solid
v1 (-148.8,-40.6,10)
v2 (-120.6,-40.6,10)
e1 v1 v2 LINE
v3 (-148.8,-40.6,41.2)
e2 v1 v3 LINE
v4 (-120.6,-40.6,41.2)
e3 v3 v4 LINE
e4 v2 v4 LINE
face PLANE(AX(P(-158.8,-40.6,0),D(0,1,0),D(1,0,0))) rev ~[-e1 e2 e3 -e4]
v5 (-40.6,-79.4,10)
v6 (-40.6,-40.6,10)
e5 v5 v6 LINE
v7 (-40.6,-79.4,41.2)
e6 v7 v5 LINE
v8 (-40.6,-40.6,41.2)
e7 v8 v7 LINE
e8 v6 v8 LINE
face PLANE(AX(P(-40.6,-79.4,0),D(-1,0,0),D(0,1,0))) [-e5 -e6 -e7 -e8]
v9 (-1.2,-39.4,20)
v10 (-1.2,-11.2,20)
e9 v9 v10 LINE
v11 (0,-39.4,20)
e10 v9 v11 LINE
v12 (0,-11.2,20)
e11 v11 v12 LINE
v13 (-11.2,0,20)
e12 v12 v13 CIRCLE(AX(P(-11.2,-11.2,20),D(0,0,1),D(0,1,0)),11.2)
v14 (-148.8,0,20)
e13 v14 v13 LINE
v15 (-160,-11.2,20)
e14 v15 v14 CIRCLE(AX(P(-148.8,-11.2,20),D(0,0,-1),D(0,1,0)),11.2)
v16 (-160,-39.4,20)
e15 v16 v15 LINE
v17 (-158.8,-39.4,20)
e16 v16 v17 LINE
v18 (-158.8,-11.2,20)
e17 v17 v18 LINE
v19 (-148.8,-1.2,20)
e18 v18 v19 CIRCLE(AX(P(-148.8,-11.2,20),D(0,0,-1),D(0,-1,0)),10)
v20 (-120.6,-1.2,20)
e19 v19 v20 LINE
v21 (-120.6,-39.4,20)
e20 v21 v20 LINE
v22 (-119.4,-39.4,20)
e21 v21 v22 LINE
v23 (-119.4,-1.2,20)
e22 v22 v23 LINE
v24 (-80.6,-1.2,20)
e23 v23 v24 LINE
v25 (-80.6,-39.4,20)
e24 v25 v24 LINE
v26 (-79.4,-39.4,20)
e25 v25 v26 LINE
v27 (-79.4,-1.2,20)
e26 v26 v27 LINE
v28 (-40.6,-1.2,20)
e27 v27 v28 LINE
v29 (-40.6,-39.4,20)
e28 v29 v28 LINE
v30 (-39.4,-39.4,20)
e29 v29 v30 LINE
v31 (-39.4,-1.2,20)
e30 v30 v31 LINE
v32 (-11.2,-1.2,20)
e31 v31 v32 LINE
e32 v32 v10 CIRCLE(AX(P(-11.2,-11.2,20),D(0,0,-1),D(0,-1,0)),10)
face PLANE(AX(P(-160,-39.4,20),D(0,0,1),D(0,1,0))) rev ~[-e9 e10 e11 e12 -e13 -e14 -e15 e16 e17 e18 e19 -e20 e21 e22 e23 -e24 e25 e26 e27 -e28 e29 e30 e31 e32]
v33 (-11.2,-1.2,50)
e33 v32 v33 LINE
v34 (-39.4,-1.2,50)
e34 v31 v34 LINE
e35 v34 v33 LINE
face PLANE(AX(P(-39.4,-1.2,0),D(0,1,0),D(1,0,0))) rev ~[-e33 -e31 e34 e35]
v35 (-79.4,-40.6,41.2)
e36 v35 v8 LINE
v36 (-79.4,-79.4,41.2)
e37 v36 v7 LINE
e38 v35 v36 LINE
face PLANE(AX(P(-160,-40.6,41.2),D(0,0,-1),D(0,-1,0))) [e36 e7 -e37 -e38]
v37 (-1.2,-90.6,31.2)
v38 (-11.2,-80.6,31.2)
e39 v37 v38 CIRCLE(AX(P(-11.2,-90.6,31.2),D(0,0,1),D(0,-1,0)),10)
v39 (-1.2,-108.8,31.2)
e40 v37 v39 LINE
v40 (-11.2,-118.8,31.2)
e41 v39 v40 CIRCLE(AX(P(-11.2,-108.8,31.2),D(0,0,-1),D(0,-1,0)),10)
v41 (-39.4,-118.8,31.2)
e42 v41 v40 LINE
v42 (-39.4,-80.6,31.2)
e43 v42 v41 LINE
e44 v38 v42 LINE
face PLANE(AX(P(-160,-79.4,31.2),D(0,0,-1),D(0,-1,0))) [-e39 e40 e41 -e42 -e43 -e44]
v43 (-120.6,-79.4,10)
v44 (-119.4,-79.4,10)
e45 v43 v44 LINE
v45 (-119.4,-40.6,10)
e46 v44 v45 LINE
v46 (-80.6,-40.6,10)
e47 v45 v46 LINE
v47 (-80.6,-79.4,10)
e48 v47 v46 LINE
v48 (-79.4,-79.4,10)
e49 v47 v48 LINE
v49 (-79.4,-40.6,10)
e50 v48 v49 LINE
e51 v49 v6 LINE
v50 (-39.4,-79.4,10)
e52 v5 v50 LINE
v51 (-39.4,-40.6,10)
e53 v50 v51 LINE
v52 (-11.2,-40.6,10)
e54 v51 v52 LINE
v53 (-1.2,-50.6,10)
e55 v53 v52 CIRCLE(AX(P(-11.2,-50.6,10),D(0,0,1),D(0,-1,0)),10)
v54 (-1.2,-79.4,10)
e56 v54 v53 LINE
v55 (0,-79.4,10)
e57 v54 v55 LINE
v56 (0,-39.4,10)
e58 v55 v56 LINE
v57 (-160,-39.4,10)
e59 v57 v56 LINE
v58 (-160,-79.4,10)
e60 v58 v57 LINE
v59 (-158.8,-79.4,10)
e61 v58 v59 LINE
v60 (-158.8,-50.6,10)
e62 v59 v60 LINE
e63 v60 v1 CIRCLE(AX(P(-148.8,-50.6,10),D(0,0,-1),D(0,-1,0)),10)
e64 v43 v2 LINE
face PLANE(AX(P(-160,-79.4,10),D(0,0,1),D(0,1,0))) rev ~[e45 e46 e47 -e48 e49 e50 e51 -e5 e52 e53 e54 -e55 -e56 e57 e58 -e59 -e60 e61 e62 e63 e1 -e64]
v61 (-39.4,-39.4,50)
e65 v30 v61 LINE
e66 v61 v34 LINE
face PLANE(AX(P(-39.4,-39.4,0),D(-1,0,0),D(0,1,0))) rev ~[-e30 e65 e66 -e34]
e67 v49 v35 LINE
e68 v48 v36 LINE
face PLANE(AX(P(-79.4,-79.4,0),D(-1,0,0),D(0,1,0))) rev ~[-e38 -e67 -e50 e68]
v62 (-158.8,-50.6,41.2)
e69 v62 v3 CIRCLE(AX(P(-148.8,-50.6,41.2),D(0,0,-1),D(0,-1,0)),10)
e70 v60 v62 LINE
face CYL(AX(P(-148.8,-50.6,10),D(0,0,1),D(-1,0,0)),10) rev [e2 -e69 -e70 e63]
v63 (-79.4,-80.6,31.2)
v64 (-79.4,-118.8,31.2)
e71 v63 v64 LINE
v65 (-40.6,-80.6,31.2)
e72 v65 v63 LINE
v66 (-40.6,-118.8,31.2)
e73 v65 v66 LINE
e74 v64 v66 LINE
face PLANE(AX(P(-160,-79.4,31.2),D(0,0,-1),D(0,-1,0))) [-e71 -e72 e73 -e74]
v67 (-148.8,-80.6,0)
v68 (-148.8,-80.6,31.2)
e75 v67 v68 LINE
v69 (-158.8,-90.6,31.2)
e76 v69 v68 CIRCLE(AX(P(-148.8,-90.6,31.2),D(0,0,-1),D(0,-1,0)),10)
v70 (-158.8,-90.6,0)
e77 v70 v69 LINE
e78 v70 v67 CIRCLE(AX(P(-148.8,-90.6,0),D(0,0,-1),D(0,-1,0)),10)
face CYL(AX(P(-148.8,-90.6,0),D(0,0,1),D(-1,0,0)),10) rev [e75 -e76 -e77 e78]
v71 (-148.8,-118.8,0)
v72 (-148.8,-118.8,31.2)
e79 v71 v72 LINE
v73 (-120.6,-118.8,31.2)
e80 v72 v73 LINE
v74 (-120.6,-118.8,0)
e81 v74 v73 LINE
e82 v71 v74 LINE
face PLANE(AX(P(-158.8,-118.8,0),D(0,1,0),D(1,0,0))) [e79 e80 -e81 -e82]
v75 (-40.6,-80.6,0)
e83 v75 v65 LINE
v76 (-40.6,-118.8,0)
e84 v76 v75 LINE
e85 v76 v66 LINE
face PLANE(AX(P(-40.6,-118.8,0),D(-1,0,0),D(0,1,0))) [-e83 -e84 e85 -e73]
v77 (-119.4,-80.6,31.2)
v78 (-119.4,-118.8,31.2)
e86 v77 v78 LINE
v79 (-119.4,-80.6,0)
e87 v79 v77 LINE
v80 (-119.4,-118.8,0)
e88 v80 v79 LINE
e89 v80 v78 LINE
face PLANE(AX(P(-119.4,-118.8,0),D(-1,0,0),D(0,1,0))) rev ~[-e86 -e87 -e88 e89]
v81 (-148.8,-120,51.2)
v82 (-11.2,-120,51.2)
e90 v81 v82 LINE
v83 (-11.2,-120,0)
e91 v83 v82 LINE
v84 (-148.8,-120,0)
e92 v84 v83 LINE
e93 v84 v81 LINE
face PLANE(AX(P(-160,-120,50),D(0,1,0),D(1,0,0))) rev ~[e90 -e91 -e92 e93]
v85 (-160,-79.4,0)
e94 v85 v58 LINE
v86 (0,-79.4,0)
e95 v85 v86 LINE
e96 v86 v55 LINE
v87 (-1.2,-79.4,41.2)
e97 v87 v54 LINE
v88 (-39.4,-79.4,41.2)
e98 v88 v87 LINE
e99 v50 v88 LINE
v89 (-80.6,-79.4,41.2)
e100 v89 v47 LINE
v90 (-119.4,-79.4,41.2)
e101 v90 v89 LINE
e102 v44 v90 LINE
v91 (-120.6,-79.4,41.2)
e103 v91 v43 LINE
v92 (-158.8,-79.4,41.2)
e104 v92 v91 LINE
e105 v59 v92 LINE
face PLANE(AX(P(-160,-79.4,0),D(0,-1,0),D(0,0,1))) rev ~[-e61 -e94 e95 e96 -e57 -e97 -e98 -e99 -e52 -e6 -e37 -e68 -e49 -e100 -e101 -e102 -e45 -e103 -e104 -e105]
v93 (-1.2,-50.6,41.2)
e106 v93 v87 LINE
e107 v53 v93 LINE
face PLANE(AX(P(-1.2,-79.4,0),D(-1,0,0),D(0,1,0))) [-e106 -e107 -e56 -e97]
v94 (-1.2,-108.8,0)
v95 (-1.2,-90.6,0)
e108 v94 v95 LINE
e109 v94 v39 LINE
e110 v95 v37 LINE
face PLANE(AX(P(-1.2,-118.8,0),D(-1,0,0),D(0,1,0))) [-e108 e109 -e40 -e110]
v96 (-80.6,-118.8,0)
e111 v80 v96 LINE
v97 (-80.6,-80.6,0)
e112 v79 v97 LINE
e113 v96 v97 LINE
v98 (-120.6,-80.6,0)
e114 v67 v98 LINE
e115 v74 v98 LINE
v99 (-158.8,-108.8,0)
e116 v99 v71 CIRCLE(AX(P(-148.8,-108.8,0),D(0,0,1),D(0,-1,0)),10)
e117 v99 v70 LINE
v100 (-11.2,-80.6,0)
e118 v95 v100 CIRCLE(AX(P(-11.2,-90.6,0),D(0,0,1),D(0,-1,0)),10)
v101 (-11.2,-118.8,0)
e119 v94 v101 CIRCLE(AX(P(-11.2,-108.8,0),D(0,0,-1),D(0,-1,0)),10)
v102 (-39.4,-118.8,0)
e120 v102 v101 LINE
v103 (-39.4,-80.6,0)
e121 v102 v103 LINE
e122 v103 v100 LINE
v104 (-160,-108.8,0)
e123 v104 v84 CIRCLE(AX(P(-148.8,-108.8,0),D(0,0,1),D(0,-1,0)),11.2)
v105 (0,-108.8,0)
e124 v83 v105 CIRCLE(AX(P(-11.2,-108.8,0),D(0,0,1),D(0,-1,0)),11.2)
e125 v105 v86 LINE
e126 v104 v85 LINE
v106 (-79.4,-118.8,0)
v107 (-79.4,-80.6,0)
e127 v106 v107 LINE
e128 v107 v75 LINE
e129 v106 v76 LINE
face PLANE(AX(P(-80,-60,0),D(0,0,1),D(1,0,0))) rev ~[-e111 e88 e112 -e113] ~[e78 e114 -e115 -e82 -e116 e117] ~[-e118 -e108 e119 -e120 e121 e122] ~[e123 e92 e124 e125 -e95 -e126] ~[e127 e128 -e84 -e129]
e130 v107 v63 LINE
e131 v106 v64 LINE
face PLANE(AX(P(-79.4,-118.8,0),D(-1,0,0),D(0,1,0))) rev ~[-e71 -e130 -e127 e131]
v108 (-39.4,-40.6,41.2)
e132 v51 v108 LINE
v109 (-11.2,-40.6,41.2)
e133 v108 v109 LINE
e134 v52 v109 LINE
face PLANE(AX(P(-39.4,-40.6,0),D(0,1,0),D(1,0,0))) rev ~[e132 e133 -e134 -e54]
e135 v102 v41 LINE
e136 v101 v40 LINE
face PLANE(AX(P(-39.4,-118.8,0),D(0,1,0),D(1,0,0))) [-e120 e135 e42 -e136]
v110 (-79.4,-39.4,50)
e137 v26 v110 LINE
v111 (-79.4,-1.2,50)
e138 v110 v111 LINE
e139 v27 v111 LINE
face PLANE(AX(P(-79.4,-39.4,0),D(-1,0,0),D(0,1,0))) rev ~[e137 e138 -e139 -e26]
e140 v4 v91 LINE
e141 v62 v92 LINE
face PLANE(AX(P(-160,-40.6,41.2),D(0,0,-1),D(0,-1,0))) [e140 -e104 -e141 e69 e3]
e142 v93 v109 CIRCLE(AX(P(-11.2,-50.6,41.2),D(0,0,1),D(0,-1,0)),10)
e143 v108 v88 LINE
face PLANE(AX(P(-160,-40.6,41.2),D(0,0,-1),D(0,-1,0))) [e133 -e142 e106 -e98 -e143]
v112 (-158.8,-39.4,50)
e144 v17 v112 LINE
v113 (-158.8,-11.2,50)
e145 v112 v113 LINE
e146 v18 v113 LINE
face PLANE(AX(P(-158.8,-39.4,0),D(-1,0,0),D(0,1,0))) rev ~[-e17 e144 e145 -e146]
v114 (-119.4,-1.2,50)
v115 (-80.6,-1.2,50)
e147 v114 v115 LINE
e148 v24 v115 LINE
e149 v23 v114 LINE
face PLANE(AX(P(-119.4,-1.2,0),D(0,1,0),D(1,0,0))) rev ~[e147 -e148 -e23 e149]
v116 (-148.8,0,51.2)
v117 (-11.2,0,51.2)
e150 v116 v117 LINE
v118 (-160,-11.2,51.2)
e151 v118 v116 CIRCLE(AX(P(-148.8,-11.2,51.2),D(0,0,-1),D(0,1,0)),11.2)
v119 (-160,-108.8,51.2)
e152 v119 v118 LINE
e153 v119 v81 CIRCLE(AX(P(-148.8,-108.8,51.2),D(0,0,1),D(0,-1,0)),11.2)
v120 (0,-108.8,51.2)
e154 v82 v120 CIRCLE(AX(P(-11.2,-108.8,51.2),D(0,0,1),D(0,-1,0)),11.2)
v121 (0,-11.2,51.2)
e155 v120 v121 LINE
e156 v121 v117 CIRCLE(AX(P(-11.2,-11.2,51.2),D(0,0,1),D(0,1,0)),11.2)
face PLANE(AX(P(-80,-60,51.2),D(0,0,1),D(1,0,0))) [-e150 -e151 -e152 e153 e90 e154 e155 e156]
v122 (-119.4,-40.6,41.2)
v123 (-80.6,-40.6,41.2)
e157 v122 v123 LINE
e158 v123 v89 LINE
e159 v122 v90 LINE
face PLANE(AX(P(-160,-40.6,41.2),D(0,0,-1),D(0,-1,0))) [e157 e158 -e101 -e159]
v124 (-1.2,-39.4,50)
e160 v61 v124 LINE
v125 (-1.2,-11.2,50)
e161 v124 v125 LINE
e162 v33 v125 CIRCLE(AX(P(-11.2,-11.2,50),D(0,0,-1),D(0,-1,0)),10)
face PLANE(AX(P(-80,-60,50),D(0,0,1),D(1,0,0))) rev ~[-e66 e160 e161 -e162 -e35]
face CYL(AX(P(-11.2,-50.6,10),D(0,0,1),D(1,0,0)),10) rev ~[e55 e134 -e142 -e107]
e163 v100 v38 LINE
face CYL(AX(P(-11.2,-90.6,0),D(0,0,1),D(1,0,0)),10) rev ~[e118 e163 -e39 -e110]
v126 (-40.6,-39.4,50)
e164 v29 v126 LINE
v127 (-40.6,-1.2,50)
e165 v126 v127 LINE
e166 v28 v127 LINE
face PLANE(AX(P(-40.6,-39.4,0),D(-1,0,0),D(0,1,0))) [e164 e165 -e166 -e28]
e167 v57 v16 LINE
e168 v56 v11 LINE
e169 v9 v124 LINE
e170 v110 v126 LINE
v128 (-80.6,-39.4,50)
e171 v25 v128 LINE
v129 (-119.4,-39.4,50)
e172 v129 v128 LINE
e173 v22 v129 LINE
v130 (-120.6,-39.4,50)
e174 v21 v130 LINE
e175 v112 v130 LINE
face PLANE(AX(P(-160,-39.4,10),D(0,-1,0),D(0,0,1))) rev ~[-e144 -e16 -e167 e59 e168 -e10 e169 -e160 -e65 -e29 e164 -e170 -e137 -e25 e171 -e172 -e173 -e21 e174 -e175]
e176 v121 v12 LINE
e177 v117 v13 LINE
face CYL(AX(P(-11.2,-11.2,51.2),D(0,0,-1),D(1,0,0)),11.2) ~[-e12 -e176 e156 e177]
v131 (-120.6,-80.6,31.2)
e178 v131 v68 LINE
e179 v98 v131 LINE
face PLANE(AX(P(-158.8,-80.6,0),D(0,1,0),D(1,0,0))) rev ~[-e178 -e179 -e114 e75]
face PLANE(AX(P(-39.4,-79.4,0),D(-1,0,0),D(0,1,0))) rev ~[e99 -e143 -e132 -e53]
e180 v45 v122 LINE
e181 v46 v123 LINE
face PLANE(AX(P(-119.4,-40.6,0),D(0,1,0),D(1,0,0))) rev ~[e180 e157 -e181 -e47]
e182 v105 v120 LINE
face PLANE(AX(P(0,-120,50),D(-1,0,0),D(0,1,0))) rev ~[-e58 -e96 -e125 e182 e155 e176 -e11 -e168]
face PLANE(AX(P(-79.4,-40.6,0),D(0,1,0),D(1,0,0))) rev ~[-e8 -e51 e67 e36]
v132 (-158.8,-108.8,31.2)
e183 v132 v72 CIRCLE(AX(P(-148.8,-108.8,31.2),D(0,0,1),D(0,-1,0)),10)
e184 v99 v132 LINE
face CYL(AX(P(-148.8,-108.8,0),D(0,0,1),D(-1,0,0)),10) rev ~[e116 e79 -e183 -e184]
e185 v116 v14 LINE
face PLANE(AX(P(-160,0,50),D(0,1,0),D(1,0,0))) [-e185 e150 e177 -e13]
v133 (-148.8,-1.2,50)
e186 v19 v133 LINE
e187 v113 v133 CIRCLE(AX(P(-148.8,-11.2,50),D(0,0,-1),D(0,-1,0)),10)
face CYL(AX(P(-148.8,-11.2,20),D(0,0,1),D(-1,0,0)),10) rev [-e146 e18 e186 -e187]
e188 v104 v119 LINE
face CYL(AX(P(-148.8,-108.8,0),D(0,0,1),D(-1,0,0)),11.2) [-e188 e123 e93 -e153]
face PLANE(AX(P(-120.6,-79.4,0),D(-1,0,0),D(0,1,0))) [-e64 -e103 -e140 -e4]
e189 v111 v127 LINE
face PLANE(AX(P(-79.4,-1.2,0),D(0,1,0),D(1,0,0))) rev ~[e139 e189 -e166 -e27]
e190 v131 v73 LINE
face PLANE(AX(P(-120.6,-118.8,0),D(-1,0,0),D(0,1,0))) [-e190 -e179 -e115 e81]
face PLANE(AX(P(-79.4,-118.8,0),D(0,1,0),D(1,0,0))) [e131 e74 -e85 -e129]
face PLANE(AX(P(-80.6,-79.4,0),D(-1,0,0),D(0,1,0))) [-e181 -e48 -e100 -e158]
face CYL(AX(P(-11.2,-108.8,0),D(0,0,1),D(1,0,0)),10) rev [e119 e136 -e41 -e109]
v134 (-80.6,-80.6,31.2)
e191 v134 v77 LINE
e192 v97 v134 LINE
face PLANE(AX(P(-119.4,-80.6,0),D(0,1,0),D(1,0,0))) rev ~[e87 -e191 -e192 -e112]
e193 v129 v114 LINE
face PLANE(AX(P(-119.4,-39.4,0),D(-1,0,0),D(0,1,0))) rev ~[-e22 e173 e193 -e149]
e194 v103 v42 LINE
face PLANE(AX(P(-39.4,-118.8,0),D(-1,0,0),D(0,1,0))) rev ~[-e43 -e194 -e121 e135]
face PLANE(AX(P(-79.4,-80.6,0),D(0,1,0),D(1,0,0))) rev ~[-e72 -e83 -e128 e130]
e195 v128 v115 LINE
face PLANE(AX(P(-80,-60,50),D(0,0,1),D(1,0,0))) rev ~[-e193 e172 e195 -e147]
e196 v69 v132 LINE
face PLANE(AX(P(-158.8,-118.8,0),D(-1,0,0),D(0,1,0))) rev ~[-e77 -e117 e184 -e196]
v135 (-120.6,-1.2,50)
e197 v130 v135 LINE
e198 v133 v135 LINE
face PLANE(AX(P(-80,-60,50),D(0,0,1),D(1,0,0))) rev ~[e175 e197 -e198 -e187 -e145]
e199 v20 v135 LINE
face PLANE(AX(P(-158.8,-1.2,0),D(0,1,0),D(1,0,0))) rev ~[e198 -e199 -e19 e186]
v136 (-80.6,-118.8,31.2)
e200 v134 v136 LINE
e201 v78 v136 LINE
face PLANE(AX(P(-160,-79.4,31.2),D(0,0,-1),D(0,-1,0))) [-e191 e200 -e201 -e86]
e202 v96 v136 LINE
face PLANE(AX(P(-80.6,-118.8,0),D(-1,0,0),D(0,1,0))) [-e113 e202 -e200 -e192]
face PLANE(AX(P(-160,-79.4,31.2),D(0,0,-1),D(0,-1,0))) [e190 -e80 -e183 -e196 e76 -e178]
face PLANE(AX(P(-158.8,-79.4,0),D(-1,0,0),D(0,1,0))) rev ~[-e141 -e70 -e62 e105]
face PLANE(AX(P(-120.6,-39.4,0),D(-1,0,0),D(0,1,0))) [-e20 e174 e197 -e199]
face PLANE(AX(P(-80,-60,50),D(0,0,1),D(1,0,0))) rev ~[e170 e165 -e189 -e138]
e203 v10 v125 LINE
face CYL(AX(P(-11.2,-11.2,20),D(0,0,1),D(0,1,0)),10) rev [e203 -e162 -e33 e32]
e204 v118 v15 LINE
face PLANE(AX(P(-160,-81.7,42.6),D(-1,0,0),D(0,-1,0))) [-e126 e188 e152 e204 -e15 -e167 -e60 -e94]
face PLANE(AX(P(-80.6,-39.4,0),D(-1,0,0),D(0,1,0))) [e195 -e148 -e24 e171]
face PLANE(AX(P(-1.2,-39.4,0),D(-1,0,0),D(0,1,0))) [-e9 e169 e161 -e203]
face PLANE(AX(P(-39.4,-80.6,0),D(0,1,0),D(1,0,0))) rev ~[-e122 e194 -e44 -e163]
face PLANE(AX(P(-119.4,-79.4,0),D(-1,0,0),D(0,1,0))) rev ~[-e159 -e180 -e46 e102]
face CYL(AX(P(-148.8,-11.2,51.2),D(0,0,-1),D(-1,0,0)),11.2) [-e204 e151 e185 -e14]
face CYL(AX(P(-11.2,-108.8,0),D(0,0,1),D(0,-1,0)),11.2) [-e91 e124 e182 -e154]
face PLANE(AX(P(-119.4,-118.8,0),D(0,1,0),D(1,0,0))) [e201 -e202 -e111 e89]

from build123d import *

# Parameters (mm, degrees)
F0_W     = 160
F0_H     = 120
F0_W_2   = 38.2
F0_H_2   = 38.2
F0_W_3   = 38.8
F0_H_3   = 38.8
F1_DEPTH = 50
F2_W     = 160
F2_H     = 120
F3_DEPTH = 1.2
F5_DEPTH = 160.001
F7_DEPTH = 158.8
F8_R     = 10
F9_R     = 11.2
F10_R    = 10


with BuildPart() as f1:
    # F0 (on Top) → F1 (new body)
    with BuildSketch(Plane.XY):
        with Locations((-80, -60)):
            Rectangle(F0_W, F0_H)
        with Locations((-139.7, -99.7)):
            Rectangle(F0_W_2, F0_H_2, mode=Mode.SUBTRACT)
        with Locations((-100, -99.7)):
            Rectangle(F0_W_3, F0_H_2, mode=Mode.SUBTRACT)
        with Locations((-60, -99.7)):
            Rectangle(F0_W_3, F0_H_2, mode=Mode.SUBTRACT)
        with Locations((-20.3, -99.7)):
            Rectangle(F0_W_2, F0_H_2, mode=Mode.SUBTRACT)
        with Locations((-139.7, -60)):
            Rectangle(F0_W_2, F0_H_3, mode=Mode.SUBTRACT)
        with Locations((-100, -60)):
            Rectangle(F0_W_3, F0_H_3, mode=Mode.SUBTRACT)
        with Locations((-139.7, -20.3)):
            Rectangle(F0_W_2, F0_H_2, mode=Mode.SUBTRACT)
        with Locations((-100, -20.3)):
            Rectangle(F0_W_3, F0_H_2, mode=Mode.SUBTRACT)
        with Locations((-60, -60)):
            Rectangle(F0_W_3, F0_H_3, mode=Mode.SUBTRACT)
        with Locations((-20.3, -60)):
            Rectangle(F0_W_2, F0_H_3, mode=Mode.SUBTRACT)
        with Locations((-60, -20.3)):
            Rectangle(F0_W_3, F0_H_2, mode=Mode.SUBTRACT)
        with Locations((-20.3, -20.3)):
            Rectangle(F0_W_2, F0_H_2, mode=Mode.SUBTRACT)
    extrude(amount=F1_DEPTH)

    # F2 (on face) → F3 (join)
    with BuildSketch(Plane.XY.offset(50)):
        with Locations((-80, -60)):
            Rectangle(F2_W, F2_H)
    extrude(amount=F3_DEPTH)

    # F4 (on face) → F5 (cut, through all)
    with BuildSketch(Plane(origin=(-160, 0, 0), x_dir=(0, -1, 0), z_dir=(-1, 0, 0))):
        Polygon((79.4, 0), (79.4, 10), (39.4, 10), (39.4, 20), (0, 20), (0, 0), align=None)
    extrude(amount=-F5_DEPTH, mode=Mode.SUBTRACT)

    # F6 (on face) → F7 (join, through all)
    with BuildSketch(Plane(origin=(-160, 0, 0), x_dir=(0, -1, 0), z_dir=(-1, 0, 0))):
        Polygon((40.6, 50), (40.6, 41.2), (79.4, 41.2), (79.4, 31.2), (118.8, 31.2), (118.8, 50), align=None)
    extrude(amount=-F7_DEPTH)

    # F8
    f8_edges = [f1.edges().sort_by_distance(p)[0] for p in [
        (-1.2, -118.8, 15.6),
        (-1.2, -1.2, 35),
        (-158.8, -118.8, 15.6),
        (-158.8, -1.2, 35),
    ]]
    fillet(f8_edges, radius=F8_R)

    # F9
    f9_edges = [f1.edges().sort_by_distance(p)[0] for p in [
        (-160, 0, 35.6),
        (0, 0, 35.6),
        (0, -120, 25.6),
        (-160, -120, 25.6),
    ]]
    fillet(f9_edges, radius=F9_R)

    # F10
    f10_edges = [f1.edges().sort_by_distance(p)[0] for p in [
        (-158.8, -80.6, 15.6),
        (-158.8, -40.6, 25.6),
        (-1.2, -40.6, 25.6),
        (-1.2, -80.6, 15.6),
    ]]
    fillet(f10_edges, radius=F10_R)


solid = f1.part
